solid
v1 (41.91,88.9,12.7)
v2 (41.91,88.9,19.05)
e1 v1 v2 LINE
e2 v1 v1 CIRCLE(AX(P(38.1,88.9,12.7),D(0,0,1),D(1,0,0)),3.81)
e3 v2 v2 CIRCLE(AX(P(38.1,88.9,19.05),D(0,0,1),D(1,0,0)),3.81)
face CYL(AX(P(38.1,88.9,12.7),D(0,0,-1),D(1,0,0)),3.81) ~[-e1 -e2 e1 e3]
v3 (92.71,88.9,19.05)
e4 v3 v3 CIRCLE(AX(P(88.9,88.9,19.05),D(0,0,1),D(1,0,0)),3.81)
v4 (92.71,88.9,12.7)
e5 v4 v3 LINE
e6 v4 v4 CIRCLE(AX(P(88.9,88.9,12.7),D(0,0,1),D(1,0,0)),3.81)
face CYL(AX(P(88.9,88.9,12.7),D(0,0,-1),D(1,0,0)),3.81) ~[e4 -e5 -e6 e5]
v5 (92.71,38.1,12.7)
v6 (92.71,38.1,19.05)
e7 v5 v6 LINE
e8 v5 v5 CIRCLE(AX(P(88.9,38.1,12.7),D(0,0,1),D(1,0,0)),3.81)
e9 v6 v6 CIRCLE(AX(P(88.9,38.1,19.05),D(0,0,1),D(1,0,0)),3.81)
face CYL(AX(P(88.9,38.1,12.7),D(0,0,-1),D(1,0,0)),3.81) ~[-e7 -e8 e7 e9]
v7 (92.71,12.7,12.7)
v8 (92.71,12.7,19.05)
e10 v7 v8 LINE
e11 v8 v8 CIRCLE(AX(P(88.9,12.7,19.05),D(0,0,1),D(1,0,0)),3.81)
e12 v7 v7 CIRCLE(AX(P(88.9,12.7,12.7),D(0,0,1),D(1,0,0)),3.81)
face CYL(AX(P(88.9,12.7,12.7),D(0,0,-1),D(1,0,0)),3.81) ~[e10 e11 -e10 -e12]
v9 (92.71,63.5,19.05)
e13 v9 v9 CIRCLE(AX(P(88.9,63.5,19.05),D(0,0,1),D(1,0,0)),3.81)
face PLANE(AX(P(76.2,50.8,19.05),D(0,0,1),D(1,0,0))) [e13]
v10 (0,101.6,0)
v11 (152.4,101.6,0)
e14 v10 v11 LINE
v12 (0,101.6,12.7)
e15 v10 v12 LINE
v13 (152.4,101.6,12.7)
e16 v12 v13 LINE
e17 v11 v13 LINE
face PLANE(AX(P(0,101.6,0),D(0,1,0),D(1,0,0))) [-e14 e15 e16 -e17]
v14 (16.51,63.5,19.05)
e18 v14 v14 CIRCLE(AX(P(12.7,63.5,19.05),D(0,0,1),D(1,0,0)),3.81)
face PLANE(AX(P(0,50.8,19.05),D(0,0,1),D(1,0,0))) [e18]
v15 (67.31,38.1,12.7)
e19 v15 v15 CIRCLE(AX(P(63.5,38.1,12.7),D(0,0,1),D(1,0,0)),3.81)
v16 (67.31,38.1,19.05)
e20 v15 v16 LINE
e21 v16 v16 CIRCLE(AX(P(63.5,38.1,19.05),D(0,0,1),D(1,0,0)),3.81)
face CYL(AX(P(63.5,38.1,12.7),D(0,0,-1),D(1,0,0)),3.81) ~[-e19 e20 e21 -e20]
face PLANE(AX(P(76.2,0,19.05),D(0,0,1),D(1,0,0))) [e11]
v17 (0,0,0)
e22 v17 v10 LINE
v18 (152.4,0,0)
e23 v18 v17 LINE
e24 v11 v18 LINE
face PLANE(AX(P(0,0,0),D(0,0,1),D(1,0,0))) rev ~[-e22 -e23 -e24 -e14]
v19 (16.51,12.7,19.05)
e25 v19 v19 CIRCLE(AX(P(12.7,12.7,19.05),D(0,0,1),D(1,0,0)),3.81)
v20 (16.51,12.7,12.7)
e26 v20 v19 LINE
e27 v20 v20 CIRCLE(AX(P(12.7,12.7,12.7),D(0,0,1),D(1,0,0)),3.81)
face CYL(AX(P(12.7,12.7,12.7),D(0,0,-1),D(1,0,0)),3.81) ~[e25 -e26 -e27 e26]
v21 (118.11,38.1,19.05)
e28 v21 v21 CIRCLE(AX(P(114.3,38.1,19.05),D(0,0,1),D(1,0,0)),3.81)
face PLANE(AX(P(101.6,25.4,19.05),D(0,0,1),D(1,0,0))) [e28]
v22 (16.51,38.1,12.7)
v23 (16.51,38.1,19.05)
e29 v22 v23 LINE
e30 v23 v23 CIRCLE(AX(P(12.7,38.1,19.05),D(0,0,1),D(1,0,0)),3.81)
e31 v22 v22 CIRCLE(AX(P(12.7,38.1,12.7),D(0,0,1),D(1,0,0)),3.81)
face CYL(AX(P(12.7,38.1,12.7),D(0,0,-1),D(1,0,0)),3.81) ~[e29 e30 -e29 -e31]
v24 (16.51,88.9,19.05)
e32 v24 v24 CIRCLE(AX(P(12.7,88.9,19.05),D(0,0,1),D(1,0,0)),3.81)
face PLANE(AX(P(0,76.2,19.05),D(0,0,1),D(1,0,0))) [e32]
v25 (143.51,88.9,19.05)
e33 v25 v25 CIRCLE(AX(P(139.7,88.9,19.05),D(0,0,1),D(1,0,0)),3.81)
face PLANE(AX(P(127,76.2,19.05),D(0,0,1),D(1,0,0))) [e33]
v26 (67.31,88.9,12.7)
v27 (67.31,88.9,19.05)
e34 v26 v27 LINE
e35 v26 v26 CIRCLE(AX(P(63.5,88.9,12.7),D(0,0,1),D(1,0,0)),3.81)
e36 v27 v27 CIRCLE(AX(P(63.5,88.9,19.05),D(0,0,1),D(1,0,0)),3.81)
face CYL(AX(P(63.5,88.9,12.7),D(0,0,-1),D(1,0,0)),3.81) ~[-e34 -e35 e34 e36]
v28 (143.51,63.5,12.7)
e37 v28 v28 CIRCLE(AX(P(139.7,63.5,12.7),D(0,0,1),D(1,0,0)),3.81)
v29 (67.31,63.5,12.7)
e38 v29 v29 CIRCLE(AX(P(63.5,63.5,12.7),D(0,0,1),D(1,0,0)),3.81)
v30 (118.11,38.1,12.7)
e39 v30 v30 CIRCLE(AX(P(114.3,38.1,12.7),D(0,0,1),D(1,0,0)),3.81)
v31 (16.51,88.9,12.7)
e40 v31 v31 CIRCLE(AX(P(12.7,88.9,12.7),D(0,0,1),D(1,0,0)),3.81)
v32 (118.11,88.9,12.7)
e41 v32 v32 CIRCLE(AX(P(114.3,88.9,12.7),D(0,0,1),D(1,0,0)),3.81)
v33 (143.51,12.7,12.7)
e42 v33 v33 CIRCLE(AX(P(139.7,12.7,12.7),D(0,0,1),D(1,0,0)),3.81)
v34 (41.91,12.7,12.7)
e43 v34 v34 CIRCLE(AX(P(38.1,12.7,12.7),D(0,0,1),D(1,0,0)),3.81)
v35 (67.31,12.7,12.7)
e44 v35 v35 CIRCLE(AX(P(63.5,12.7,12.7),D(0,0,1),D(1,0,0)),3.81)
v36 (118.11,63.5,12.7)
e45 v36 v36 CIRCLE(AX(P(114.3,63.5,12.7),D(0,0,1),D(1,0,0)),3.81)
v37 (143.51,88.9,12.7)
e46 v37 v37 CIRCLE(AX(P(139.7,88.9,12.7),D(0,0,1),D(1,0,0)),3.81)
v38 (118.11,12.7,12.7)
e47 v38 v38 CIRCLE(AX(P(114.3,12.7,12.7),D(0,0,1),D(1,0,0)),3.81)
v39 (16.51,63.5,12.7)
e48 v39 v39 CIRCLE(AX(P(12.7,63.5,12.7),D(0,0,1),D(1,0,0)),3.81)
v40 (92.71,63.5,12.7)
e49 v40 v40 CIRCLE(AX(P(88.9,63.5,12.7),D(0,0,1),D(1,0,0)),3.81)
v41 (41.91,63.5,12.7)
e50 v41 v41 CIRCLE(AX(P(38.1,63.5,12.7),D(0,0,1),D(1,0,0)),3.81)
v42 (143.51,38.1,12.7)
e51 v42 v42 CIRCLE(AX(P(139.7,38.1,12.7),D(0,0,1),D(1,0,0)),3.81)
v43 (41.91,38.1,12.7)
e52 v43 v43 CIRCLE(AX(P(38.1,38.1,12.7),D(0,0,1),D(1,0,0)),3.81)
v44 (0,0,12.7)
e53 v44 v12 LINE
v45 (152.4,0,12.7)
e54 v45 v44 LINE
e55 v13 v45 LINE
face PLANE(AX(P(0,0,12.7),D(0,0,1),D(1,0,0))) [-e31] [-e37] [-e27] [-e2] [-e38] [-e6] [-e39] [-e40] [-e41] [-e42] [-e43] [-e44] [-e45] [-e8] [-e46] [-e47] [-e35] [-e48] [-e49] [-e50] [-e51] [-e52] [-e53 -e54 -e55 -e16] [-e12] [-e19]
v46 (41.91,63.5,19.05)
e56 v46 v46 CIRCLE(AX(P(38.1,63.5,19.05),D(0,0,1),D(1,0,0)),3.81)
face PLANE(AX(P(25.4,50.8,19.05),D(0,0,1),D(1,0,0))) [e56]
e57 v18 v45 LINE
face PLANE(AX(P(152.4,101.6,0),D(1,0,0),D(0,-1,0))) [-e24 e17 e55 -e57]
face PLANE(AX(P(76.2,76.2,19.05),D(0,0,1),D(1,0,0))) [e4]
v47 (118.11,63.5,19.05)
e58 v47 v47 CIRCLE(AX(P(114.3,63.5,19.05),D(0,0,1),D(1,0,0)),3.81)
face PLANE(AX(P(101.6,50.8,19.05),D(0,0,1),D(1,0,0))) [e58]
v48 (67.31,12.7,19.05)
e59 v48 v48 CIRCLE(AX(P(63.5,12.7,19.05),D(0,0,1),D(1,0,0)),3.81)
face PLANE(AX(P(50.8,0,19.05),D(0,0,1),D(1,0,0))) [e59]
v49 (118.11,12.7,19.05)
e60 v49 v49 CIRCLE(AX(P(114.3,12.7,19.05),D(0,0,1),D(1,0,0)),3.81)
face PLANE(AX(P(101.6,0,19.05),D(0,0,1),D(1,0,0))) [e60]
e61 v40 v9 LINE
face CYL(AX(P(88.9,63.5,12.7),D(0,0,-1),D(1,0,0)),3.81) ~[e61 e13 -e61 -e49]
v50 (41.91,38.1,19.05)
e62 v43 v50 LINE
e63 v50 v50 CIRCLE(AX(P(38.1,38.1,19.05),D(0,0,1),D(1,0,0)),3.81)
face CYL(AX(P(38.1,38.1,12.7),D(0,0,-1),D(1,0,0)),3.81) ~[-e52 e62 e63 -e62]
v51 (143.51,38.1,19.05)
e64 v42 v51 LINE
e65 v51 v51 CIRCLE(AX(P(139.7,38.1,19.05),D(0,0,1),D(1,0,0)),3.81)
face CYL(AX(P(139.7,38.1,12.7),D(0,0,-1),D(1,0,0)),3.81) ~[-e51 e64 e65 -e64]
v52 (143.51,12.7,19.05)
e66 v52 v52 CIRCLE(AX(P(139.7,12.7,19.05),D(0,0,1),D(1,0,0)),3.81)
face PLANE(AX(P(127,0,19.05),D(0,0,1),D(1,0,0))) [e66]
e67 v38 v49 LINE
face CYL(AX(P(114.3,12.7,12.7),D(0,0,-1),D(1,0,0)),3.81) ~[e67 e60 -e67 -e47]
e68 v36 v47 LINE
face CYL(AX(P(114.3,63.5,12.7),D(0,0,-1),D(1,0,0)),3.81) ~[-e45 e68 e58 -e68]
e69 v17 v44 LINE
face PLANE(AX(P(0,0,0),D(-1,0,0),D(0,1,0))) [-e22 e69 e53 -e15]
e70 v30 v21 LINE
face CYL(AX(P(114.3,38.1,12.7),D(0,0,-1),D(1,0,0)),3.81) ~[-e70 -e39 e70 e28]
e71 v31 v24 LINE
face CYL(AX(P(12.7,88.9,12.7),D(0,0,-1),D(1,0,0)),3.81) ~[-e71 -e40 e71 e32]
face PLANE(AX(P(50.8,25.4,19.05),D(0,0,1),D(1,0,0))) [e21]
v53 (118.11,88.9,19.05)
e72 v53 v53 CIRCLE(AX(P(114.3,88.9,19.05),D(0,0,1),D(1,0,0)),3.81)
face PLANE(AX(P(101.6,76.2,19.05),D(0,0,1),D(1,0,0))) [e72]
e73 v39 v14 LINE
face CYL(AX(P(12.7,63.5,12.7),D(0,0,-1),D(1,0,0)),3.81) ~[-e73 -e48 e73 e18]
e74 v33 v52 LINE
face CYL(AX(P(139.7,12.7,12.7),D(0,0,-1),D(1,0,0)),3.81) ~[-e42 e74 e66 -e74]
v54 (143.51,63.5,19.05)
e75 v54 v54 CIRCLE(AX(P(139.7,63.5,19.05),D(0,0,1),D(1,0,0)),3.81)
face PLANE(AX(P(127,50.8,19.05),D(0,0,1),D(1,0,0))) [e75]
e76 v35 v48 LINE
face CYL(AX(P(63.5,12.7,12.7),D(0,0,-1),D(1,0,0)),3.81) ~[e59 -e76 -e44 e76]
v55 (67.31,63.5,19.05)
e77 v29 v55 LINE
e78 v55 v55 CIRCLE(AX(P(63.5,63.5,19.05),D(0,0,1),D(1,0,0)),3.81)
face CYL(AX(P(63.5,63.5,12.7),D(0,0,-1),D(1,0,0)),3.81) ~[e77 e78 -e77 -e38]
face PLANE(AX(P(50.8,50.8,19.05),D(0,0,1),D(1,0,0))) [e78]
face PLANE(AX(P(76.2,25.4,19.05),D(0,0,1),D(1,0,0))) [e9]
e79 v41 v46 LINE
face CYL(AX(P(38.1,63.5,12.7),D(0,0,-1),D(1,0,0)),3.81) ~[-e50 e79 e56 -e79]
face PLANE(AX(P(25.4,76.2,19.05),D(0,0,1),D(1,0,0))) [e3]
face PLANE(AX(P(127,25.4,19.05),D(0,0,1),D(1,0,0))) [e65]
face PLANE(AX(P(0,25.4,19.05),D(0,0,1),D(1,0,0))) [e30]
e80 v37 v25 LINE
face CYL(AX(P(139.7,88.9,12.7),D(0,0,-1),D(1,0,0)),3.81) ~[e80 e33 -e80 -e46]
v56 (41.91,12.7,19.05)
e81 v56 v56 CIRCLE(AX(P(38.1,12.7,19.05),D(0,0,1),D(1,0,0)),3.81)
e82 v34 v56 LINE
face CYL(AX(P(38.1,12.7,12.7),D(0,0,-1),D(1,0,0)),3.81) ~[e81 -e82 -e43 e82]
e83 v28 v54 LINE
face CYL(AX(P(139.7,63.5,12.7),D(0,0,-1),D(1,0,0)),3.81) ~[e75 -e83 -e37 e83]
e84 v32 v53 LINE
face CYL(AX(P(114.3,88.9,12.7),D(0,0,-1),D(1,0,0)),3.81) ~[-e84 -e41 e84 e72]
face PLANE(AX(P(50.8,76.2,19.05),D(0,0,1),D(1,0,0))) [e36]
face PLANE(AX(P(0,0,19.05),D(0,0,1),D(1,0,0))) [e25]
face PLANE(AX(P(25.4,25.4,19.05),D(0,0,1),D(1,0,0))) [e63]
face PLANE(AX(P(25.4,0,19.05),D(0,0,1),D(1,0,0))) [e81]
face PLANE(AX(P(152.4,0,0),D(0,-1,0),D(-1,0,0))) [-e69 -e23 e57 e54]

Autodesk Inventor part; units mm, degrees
ref_plane "YZ Plane" through (0, 0, 0) normal (1, 0, 0) x (0, 1, 0)
ref_plane "XZ Plane" through (0, 0, 0) normal (0, 1, 0) x (-1, 0, 0)
ref_plane "XY Plane" through (0, 0, 0) normal (0, 0, 1) x (1, 0, 0)
sketch "Sketch1" plane through (0, 0, 0) normal (0, 0, 1) x (1, 0, 0)
  line L0 (0, 0) -> (0, 101.6)
  line L1 (0, 101.6) -> (152.4, 101.6)
  line L2 (152.4, 101.6) -> (152.4, 0)
  line L3 (152.4, 0) -> (0, 0)
  dimension "d0" = 101.6
  dimension "d1" = 152.4
extrude "Extrusion1" add sketch "Sketch1" along normal blind 12.7
sketch "Sketch2" plane through (0, 0, 12.7) normal (0, 0, 1) x (1, 0, 0)
  circle A0 centre (12.7, 12.7) radius 3.81
  point P0 (0, 0)
  dimension "d6" = 7.62
extrude "Extrusion2" add sketch "Sketch2" along normal blind 6.35
pattern_linear "Rectangular Pattern1" count 4 spacing 25.4 along (0, 1, 0) count 6 spacing 25.4 along (1, 0, 0) of "Extrusion2"
properties part number "Rectangular Pattern"
